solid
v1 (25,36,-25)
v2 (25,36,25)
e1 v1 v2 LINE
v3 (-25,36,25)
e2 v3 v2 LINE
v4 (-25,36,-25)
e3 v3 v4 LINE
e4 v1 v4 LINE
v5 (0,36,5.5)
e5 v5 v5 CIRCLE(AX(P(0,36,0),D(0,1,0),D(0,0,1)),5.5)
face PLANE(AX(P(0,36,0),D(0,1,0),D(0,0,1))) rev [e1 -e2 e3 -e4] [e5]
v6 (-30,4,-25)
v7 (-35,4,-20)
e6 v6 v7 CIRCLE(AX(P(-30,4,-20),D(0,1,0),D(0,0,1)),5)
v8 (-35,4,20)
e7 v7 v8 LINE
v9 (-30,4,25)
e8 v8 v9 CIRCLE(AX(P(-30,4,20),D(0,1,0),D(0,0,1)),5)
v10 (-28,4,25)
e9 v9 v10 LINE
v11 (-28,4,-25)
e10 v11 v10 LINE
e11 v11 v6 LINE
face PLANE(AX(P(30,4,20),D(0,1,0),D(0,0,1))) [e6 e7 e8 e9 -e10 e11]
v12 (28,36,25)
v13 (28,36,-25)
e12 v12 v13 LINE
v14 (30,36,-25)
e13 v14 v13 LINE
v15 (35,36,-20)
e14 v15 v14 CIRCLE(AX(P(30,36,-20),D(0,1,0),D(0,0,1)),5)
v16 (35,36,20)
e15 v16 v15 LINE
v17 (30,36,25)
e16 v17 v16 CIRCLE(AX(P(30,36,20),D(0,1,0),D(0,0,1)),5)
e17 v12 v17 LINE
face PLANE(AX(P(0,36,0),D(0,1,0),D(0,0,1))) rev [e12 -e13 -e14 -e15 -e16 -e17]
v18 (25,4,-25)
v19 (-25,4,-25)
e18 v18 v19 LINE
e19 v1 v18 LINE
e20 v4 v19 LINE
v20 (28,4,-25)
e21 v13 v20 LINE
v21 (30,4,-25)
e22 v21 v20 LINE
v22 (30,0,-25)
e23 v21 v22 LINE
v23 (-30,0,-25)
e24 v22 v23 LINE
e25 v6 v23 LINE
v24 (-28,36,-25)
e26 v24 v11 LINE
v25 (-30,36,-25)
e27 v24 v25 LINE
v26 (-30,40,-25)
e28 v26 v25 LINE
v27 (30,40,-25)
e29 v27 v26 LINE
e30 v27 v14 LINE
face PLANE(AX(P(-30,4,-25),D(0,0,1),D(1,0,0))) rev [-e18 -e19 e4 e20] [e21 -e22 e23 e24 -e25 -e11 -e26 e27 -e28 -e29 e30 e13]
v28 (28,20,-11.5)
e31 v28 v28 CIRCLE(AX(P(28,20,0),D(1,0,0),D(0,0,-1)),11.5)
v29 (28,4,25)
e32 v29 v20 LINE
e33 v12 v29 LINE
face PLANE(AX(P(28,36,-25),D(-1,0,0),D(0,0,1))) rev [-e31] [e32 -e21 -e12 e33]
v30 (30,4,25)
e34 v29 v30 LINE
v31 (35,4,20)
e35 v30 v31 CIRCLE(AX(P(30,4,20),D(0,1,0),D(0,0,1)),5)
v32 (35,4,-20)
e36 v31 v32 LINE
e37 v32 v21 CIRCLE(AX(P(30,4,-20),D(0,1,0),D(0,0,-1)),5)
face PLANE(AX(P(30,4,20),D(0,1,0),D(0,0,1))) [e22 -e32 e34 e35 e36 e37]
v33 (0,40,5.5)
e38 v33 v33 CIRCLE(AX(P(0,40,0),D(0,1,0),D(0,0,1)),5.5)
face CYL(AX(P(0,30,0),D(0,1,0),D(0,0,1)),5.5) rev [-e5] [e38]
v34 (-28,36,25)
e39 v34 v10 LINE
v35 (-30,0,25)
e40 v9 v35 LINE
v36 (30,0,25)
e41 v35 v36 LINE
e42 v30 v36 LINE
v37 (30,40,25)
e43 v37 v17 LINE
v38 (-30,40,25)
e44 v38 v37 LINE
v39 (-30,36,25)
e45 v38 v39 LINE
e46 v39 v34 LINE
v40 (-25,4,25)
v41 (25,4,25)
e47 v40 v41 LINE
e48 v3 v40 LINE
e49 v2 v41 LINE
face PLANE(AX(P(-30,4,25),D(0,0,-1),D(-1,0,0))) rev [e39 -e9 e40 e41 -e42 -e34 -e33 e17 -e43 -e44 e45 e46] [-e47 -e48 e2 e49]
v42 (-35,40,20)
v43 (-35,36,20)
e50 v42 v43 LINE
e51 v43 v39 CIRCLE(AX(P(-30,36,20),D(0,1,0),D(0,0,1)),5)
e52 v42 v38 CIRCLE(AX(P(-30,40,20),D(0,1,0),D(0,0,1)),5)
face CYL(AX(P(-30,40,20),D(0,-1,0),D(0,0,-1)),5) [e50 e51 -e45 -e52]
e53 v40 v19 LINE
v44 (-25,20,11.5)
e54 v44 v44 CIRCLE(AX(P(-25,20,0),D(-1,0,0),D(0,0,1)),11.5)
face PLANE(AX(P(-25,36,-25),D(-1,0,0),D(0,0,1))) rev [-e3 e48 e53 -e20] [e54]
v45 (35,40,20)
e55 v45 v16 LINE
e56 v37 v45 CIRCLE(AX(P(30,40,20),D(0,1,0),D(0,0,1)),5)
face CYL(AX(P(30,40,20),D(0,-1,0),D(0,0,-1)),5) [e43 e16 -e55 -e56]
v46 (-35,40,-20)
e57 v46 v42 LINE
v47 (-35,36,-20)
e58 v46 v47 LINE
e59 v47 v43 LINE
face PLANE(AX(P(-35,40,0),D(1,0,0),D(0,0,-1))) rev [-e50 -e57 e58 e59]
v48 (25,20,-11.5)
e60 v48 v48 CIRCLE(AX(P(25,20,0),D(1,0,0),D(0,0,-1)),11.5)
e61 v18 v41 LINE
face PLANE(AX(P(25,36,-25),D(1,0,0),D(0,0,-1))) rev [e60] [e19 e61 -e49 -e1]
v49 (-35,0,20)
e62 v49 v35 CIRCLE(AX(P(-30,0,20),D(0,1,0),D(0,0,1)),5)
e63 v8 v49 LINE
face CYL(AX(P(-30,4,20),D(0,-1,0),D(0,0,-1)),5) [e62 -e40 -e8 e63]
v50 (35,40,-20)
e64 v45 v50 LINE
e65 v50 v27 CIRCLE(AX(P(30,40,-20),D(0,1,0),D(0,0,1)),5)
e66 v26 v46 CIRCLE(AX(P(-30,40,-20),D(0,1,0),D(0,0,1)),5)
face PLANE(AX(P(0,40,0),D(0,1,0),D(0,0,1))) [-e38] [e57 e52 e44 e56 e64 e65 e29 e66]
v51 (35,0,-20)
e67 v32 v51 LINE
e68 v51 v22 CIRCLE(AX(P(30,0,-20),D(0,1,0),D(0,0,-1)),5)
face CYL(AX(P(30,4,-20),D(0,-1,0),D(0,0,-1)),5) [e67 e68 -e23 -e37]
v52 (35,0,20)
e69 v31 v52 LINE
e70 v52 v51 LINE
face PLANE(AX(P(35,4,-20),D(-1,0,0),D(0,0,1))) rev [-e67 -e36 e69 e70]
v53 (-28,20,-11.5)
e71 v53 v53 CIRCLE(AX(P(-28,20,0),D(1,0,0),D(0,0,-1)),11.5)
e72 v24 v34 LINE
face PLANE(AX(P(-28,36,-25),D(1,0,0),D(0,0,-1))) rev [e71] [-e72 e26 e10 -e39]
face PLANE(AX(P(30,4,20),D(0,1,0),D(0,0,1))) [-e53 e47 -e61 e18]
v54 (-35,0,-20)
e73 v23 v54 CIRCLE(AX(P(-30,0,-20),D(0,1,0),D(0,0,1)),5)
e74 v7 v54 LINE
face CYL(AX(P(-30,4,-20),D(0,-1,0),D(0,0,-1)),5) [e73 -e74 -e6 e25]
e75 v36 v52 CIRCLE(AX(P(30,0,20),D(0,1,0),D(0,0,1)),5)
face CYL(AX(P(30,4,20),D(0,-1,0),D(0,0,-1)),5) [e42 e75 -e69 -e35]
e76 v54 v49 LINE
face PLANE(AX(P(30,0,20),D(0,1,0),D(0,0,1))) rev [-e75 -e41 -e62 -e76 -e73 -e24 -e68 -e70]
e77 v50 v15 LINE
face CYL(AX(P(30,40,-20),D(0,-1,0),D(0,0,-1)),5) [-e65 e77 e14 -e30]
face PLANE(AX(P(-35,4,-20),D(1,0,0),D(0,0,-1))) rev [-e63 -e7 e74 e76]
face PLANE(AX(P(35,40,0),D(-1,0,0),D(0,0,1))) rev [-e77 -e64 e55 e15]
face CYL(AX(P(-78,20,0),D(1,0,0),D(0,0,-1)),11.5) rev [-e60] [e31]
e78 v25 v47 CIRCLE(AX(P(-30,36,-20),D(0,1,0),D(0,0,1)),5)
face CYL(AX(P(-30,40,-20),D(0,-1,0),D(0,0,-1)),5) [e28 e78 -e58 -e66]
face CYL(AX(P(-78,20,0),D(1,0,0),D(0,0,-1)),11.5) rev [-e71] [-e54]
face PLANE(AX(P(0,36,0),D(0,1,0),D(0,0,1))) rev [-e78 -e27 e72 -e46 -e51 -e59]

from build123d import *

# Parameters (mm, degrees)
BOSS_EXTRUDE1_DEPTH = 4
SKETCH2_W           = 3
SKETCH2_H           = 50
BOSS_EXTRUDE4_DEPTH = 32
SKETCH4_W           = 50
SKETCH4_H           = 50
SKETCH4_W_2         = 3
BOSS_EXTRUDE5_DEPTH = 4
SKETCH6_R           = 11.5
CUT_EXTRUDE1_DEPTH  = 106
SKETCH7_R           = 5.5
CUT_EXTRUDE2_DEPTH  = 10


with BuildPart() as part:
    # Sketch1 → Boss-Extrude1 (new body)
    with BuildSketch(Plane(origin=(0, 0, 0), x_dir=(1, 0, 0), z_dir=(0, 1, 0))):
        with BuildLine():
            Line((-30, 25), (30, 25))
            ThreePointArc((30, 25), (33.535533906, 23.535533906), (35, 20))
            Line((35, 20), (35, -20))
            ThreePointArc((35, -20), (33.535533906, -23.535533906), (30, -25))
            Line((30, -25), (-30, -25))
            ThreePointArc((-30, -25), (-33.535533906, -23.535533906), (-35, -20))
            Line((-35, -20), (-35, 20))
            ThreePointArc((-35, 20), (-33.535533906, 23.535533906), (-30, 25))
        make_face()
    extrude(amount=BOSS_EXTRUDE1_DEPTH)

    # Sketch2 → Boss-Extrude4 (add)
    with BuildSketch(Plane(origin=(0, 4, 0), x_dir=(1, 0, 0), z_dir=(0, 1, 0))):
        with Locations((-26.5, 0)):
            Rectangle(SKETCH2_W, SKETCH2_H)
        with Locations((26.5, 0)):
            Rectangle(SKETCH2_W, SKETCH2_H)
    extrude(amount=BOSS_EXTRUDE4_DEPTH)

    # Sketch4 → Boss-Extrude5 (add)
    with BuildSketch(Plane(origin=(0, 36, 0), x_dir=(1, 0, 0), z_dir=(0, 1, 0))):
        Rectangle(SKETCH4_W, SKETCH4_H)
        with BuildLine():
            Line((-35, 20), (-35, -20))
            ThreePointArc((-35, -20), (-33.535533906, -23.535533906), (-30, -25))
            Line((-30, -25), (-28, -25))
            Line((-28, -25), (-28, 25))
            Line((-28, 25), (-30, 25))
            ThreePointArc((-30, 25), (-33.535533906, 23.535533906), (-35, 20))
        make_face()
        with BuildLine():
            Line((35, -20), (35, 20))
            ThreePointArc((35, 20), (33.535533906, 23.535533906), (30, 25))
            Line((30, 25), (28, 25))
            Line((28, 25), (28, -25))
            Line((28, -25), (30, -25))
            ThreePointArc((30, -25), (33.535533906, -23.535533906), (35, -20))
        make_face()
        with Locations((26.5, 0)):
            Rectangle(SKETCH4_W_2, SKETCH4_H)
        with Locations((-26.5, 0)):
            Rectangle(SKETCH4_W_2, SKETCH4_H)
    extrude(amount=BOSS_EXTRUDE5_DEPTH)

    # Sketch6 → Cut-Extrude1 (cut)
    with BuildSketch(Plane(origin=(28, 0, 0), x_dir=(0, 0, -1), z_dir=(1, 0, 0))):
        with Locations((0, 20)):
            Circle(SKETCH6_R)
    extrude(amount=-CUT_EXTRUDE1_DEPTH, mode=Mode.SUBTRACT)

    # Sketch7 → Cut-Extrude2 (cut)
    with BuildSketch(Plane(origin=(0, 40, 0), x_dir=(1, 0, 0), z_dir=(0, 1, 0))):
        Circle(SKETCH7_R)
    extrude(amount=-CUT_EXTRUDE2_DEPTH, mode=Mode.SUBTRACT)


solid = part.part
